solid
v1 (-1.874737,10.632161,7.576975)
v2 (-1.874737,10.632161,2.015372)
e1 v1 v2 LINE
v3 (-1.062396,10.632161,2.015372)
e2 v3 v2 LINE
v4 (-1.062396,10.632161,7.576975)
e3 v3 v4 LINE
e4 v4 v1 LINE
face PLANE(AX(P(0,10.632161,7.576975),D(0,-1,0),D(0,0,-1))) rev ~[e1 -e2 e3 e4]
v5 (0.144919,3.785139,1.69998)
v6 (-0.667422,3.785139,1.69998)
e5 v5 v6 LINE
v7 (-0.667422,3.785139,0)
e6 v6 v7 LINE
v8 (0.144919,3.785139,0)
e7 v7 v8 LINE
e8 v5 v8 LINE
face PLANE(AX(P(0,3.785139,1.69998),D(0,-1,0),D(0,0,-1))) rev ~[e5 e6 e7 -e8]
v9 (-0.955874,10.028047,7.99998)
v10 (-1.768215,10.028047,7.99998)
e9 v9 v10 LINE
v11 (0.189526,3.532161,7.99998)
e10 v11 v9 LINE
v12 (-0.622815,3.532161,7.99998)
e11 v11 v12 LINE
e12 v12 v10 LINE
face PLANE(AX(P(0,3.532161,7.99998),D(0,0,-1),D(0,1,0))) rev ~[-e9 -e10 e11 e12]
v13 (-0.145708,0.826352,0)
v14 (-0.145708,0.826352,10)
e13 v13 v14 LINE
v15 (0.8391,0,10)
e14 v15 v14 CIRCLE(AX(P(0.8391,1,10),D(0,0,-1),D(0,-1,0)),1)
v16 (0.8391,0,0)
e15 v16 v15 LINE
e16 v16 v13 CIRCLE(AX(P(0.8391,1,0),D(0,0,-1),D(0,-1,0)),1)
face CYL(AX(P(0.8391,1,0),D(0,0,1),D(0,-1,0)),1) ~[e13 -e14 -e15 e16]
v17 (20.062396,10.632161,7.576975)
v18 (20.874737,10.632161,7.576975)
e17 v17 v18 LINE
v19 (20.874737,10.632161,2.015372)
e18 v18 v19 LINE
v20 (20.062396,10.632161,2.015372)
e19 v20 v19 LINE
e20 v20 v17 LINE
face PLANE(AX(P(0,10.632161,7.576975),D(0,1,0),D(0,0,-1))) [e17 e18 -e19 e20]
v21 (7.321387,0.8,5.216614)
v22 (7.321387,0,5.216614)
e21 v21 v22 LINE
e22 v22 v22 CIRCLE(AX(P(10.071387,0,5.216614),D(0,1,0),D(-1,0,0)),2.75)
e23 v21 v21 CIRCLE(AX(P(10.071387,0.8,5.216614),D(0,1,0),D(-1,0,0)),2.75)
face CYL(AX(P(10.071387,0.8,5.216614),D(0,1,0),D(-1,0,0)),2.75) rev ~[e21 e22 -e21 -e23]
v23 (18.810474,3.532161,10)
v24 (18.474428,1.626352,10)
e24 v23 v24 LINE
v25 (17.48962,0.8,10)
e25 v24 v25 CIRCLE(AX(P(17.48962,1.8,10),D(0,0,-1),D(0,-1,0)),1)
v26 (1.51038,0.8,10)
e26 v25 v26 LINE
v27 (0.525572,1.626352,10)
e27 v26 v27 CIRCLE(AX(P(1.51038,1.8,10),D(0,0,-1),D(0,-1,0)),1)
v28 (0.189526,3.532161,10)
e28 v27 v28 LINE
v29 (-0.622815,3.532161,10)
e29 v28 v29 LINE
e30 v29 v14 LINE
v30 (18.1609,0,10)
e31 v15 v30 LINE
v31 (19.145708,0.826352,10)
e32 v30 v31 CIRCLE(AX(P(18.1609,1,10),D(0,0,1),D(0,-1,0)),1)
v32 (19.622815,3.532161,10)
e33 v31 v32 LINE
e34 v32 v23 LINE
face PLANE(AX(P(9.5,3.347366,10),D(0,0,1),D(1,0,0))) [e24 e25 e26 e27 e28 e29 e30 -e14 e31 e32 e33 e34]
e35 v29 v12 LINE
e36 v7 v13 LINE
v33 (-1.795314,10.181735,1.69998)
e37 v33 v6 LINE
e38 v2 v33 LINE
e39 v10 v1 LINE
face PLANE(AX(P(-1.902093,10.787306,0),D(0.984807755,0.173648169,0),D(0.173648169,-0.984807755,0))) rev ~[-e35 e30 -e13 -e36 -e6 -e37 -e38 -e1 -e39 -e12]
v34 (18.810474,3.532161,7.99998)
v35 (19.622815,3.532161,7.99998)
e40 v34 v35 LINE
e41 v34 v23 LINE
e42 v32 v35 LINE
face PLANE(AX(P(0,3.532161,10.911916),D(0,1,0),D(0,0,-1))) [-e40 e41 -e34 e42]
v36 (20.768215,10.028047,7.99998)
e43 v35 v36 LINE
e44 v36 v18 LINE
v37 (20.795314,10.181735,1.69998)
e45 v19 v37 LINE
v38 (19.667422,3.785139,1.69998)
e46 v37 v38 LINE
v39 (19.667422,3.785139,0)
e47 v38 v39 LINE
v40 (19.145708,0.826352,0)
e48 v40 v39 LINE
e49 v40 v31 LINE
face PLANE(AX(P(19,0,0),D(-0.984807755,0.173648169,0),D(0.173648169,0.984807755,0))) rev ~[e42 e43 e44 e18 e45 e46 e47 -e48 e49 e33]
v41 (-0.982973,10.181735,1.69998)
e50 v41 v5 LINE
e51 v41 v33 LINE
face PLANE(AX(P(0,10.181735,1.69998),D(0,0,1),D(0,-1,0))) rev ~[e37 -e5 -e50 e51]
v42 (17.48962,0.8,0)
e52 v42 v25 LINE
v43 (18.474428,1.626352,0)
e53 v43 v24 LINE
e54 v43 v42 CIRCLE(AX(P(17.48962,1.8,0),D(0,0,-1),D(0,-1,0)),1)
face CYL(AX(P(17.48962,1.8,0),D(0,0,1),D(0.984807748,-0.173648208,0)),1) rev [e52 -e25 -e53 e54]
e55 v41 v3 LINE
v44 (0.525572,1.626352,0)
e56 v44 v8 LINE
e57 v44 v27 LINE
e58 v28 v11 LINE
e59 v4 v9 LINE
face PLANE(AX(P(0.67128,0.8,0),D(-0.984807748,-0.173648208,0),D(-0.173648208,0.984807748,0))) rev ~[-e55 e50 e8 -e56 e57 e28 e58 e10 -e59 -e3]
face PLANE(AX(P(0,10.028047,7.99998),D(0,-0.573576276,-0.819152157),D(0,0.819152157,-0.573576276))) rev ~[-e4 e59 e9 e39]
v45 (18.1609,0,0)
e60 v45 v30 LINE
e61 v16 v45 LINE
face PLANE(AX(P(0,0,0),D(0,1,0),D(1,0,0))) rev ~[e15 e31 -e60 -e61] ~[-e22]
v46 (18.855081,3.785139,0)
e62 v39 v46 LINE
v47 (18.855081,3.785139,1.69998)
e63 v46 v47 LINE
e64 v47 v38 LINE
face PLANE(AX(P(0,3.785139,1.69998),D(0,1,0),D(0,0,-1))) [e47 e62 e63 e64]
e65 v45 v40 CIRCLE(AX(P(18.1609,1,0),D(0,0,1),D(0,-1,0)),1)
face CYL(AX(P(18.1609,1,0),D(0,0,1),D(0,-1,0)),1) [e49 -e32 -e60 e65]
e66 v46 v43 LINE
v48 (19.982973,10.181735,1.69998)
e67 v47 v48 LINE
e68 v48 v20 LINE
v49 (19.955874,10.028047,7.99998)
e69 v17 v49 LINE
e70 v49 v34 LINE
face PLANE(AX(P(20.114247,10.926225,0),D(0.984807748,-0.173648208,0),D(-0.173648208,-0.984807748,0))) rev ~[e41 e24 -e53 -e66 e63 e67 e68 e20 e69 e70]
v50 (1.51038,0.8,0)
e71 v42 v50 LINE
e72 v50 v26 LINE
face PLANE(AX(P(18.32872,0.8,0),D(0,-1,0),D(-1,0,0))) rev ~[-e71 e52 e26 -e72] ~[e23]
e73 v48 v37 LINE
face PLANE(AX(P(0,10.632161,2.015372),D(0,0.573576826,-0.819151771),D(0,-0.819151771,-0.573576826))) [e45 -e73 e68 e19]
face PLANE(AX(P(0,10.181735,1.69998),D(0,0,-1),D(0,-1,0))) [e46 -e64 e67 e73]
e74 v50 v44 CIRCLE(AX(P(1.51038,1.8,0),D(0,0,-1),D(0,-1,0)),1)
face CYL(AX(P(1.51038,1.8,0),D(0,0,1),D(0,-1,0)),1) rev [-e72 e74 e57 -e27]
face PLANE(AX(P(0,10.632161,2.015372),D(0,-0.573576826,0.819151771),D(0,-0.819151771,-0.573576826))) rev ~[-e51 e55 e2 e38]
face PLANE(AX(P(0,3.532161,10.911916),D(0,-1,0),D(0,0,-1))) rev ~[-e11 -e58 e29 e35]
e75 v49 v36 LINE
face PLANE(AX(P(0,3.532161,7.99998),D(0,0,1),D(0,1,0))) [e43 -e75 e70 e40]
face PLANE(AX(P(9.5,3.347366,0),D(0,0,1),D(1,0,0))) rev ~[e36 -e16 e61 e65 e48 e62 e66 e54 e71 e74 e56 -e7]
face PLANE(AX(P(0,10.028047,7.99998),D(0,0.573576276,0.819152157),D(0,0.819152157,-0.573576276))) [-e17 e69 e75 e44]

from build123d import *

# Parameters (mm, degrees)
PAD_DEPTH         = 10
POCKET_DEPTH      = 20.903093
POCKET_DEPTH_BACK = -1.903093
SKETCH002_R       = 2.75
HOLE_DEPTH        = 25
FILLET_R          = 1


with BuildPart() as part:
    # Sketch → Pad (new body)
    with BuildSketch(Plane.XY):
        Polygon((0, 0), (19, 0), (20.902093, 10.787306), (20.114247, 10.926225), (18.32872, 0.8), (0.67128, 0.8), (-1.114247, 10.926225), (-1.902093, 10.787306), align=None)
    extrude(amount=PAD_DEPTH)

    # Sketch001 (on DatumPlane) → Pocket (cut, two sides)
    with BuildSketch(Plane(origin=(0, 0.8, 0), x_dir=(0, -1, 0), z_dir=(-1, 0, 0))) as pocket_sk:
        Polygon((-2.732161, 10.911916), (-2.732161, 7.99998), (-9.228047, 7.99998), (-9.832161, 7.576975), (-9.832161, 2.015372), (-9.381735, 1.69998), (-2.985139, 1.69998), (-2.985139, -3.596473), (-13.732095, -3.596473), (-13.732095, 10.911916), align=None)
    extrude(amount=-POCKET_DEPTH, mode=Mode.SUBTRACT)
    extrude(pocket_sk.sketch, amount=-POCKET_DEPTH_BACK, mode=Mode.SUBTRACT)

    # Sketch002 (on Face21 of Pocket) → Hole (cut)
    with BuildSketch(Plane(origin=(0, 0.8, 0), x_dir=(-1, 0, 0), z_dir=(0, 1, 0))):
        with Locations((-10.071387, 5.216614)):
            Circle(SKETCH002_R)
    extrude(amount=-HOLE_DEPTH, mode=Mode.SUBTRACT)

    # Fillet
    fillet_edges = [part.edges().sort_by_distance(p)[0] for p in [
        (19, 0, 5),
        (0, 0, 5),
        (0.67128, 0.8, 5),
        (18.32872, 0.8, 5),
    ]]
    fillet(fillet_edges, radius=FILLET_R)


solid = part.part
